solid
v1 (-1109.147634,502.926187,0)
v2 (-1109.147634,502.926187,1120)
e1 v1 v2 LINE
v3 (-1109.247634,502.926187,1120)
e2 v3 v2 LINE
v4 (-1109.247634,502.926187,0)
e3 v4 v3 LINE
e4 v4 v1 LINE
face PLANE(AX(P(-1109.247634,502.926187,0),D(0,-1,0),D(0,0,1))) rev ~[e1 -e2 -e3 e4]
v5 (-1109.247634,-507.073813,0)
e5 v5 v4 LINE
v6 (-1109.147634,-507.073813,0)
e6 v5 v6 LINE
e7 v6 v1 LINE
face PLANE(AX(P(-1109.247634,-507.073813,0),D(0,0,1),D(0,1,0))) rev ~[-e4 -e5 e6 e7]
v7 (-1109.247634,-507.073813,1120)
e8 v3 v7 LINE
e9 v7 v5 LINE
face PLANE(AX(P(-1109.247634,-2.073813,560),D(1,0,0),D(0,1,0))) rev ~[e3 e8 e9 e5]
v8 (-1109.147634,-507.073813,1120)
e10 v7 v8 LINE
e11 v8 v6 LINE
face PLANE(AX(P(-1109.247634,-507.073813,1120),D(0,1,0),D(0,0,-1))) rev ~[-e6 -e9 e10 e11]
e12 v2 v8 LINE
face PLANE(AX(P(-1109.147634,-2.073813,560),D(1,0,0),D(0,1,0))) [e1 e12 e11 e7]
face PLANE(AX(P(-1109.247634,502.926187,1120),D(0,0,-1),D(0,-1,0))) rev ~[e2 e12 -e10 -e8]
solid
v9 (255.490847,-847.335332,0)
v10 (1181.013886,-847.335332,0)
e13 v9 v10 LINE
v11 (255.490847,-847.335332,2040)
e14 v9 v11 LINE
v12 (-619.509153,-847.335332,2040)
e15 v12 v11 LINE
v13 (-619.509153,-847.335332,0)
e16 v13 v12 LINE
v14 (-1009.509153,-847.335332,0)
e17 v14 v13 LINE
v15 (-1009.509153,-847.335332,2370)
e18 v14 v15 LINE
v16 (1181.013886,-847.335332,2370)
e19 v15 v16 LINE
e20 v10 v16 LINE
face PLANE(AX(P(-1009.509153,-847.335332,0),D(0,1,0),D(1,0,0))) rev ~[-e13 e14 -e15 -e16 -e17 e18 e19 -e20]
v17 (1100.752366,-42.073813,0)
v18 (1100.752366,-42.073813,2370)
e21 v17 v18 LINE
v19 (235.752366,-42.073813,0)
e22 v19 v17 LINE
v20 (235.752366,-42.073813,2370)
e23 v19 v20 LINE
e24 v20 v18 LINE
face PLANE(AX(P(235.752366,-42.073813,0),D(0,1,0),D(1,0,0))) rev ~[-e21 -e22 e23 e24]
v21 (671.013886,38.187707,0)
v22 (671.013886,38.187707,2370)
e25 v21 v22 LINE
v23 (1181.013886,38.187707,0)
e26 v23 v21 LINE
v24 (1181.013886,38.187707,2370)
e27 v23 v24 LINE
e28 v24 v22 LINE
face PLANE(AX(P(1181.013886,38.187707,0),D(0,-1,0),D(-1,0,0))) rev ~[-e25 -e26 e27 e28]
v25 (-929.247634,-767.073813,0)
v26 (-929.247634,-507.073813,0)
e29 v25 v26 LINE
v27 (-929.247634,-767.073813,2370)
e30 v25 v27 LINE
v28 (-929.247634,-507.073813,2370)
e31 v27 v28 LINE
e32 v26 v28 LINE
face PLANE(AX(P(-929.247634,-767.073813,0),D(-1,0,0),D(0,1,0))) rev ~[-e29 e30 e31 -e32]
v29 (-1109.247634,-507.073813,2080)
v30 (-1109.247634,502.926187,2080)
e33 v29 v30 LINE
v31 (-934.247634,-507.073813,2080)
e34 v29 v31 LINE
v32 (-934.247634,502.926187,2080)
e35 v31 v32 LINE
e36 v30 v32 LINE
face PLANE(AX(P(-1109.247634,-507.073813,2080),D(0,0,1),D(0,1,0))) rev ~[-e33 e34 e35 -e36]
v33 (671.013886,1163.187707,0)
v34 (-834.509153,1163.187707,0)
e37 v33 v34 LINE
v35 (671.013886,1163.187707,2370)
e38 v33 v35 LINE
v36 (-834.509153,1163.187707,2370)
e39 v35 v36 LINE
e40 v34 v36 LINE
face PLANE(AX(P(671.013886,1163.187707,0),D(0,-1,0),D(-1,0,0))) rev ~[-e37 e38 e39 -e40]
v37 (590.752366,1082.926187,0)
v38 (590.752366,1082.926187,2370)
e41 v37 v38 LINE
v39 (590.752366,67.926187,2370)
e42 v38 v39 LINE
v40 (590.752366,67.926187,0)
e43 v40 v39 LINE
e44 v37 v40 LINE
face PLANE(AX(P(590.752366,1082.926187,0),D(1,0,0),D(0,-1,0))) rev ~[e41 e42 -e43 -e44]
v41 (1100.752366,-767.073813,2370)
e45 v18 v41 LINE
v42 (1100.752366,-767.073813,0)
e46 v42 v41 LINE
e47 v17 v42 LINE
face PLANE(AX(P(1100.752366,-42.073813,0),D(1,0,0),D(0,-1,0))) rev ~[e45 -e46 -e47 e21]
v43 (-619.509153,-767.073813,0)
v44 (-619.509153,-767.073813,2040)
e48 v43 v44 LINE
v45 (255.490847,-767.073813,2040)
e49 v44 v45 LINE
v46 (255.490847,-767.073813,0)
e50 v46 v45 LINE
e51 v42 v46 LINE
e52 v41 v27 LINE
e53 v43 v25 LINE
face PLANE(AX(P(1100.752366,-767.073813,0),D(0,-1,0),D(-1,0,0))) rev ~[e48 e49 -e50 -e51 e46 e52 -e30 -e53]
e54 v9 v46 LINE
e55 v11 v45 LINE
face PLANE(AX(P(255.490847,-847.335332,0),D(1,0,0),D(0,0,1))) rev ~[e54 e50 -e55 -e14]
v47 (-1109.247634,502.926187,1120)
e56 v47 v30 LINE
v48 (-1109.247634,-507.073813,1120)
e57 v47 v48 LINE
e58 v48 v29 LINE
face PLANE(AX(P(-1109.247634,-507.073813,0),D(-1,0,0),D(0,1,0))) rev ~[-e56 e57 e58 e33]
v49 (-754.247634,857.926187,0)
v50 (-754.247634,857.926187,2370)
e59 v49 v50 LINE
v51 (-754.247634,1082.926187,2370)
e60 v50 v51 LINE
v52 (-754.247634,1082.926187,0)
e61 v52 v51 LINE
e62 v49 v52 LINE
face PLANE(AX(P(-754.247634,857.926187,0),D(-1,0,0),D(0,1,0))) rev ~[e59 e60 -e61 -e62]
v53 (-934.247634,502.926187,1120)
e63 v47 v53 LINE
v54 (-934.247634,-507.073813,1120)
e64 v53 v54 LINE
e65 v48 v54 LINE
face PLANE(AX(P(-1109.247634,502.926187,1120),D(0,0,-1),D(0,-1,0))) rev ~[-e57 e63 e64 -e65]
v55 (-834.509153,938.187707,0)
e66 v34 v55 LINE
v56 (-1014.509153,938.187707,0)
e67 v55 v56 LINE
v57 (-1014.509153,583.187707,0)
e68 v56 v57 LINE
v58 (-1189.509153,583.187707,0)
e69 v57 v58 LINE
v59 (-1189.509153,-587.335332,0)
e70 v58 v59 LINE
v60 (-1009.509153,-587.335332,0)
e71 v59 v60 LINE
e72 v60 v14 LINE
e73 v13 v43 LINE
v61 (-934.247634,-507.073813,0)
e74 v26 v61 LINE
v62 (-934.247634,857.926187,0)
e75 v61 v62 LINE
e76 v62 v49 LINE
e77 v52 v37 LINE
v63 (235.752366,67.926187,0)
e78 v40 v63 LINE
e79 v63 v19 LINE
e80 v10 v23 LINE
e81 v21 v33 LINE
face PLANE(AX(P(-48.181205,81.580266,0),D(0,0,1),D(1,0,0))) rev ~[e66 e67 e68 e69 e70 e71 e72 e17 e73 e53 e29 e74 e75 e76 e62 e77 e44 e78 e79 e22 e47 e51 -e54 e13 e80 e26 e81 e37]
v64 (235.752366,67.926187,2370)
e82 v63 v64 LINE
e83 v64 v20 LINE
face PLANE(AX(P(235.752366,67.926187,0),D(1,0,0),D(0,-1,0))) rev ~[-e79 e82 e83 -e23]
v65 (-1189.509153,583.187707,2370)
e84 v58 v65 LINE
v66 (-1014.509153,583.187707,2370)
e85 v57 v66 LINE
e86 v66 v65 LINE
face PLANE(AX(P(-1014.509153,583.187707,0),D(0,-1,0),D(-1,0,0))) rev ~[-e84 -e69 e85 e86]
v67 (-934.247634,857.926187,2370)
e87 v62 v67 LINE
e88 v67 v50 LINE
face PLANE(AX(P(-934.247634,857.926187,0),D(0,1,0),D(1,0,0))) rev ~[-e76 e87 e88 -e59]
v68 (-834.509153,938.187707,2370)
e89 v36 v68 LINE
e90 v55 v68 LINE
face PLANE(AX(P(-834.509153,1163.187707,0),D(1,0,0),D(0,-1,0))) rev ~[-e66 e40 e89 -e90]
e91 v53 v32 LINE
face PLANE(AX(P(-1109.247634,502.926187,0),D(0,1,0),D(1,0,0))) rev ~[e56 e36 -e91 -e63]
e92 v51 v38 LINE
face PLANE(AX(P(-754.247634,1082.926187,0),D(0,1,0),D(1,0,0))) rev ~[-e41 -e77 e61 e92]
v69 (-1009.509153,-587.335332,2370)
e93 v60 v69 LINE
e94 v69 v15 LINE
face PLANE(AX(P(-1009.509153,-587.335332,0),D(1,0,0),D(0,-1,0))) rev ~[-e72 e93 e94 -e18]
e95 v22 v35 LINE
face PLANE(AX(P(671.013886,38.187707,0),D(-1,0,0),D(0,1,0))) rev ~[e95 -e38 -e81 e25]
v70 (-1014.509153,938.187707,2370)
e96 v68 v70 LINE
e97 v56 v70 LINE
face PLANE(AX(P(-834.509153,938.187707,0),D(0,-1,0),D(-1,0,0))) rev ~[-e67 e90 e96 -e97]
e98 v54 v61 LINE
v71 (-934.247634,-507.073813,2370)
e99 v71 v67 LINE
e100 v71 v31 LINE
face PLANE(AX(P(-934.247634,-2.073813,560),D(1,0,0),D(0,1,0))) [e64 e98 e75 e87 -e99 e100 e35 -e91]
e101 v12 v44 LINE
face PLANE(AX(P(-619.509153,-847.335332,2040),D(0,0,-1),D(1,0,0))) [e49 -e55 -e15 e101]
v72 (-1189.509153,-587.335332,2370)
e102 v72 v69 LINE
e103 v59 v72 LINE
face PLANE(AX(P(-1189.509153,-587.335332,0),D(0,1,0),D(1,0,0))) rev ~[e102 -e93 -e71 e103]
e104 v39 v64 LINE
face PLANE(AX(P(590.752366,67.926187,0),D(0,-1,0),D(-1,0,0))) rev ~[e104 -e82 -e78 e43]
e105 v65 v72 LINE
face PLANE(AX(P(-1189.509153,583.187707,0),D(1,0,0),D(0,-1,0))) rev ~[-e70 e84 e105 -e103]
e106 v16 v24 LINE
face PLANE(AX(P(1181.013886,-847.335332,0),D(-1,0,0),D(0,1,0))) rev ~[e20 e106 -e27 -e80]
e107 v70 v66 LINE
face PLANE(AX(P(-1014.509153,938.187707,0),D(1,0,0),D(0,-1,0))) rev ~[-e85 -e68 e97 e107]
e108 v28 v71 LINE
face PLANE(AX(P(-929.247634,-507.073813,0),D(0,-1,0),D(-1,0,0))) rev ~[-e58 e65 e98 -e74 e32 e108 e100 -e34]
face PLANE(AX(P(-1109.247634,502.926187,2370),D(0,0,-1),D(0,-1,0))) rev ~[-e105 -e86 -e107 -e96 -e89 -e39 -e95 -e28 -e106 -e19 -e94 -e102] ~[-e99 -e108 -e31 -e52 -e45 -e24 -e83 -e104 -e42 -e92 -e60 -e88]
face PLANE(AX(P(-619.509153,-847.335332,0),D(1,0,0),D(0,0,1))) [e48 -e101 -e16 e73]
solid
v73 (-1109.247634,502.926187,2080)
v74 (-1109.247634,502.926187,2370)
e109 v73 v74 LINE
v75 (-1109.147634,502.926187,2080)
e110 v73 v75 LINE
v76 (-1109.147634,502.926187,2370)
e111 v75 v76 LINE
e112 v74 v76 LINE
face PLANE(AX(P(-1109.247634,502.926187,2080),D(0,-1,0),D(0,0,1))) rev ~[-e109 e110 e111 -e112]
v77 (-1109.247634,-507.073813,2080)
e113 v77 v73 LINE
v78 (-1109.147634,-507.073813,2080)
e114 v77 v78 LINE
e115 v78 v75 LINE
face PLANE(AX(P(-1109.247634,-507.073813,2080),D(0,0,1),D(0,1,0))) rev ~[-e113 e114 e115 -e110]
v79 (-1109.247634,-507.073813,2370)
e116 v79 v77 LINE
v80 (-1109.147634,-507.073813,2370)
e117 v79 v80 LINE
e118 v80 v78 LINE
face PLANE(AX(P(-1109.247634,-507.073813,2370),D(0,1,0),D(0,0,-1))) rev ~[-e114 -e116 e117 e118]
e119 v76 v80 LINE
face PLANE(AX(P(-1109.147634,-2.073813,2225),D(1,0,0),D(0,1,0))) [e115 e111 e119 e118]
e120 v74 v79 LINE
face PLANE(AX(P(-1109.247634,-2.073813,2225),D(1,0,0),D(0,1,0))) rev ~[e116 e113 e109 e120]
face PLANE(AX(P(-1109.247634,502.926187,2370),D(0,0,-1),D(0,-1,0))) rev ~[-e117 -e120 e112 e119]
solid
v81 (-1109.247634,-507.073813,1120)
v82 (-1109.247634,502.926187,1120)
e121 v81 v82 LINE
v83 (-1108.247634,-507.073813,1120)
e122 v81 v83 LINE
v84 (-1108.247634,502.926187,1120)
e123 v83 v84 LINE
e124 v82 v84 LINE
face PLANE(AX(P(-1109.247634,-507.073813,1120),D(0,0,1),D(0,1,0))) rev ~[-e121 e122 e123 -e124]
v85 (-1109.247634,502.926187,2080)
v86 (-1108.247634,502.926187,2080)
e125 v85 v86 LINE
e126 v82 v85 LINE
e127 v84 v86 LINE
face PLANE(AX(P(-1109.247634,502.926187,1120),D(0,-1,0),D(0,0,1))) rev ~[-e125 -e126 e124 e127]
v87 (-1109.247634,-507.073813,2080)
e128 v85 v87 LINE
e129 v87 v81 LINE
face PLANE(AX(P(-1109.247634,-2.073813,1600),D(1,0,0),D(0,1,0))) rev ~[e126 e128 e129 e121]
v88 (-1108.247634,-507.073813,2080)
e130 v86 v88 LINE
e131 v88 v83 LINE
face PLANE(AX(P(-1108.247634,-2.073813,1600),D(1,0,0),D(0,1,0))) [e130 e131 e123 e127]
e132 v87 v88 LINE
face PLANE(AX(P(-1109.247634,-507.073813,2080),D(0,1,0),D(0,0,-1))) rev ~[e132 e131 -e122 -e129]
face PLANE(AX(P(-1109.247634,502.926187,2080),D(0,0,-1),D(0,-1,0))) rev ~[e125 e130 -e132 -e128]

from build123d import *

# Parameters (mm, degrees)
F1_DEPTH = 2370
F2_W     = 875
F2_H     = 2040
F3_DEPTH = 80.2615196258
F5_DEPTH = 175
F6_DEPTH = 175
F7_DEPTH = 0.1
F8_DEPTH = 1


with BuildPart() as f1:
    # F0 (on Top) → F1 (new body)
    with BuildSketch(Plane.XY):
        Polygon((-1014.5091533661, 938.1877069533), (-1014.5091533661, 583.1877069533), (-1189.5091533661, 583.1877069533), (-1189.5091533661, -587.3353322983), (-1009.5091533661, -587.3353322983), (-1009.5091533661, -847.3353322983), (1181.0138858855, -847.3353322983), (1181.0138858855, 38.1877069533), (671.0138858855, 38.1877069533), (671.0138858855, 1163.1877069533), (-834.5091533661, 1163.1877069533), (-834.5091533661, 938.1877069533), align=None)
        Polygon((1100.7523662597, -42.0738126725), (1100.7523662597, -767.0738126725), (-929.2476337403, -767.0738126725), (-929.2476337403, -507.0738126725), (-1109.2476337403, -507.0738126725), (-1109.2476337403, 502.9261873275), (-934.2476337403, 502.9261873275), (-934.2476337403, 857.9261873275), (-754.2476337403, 857.9261873275), (-754.2476337403, 1082.9261873275), (590.7523662597, 1082.9261873275), (590.7523662597, 67.9261873275), (235.7523662597, 67.9261873275), (235.7523662597, -42.0738126725), align=None, mode=Mode.SUBTRACT)
    extrude(amount=F1_DEPTH)

    # F2 (on face) → F3 (cut, through all)
    with BuildSketch(Plane.XZ.offset(847.3353322983)):
        with Locations((-182.0091533661, 1020)):
            Rectangle(F2_W, F2_H)
    extrude(amount=-F3_DEPTH, mode=Mode.SUBTRACT)

    # F4 (on face) → F5 (join, through all)
    with BuildSketch(Plane.YZ.offset(-1109.2476337403)):
        Polygon((0, 2080), (502.9261873275, 2080), (502.9261873275, 2370), (-507.0738126725, 2370), (-507.0738126725, 2080), align=None)
    extrude(amount=F5_DEPTH)

    # F4 (on face) → F6 (join, through all)
    with BuildSketch(Plane.YZ.offset(-1109.2476337403)):
        Polygon((502.9261873275, 0), (502.9261873275, 1120), (-139.1143798828, 1120), (-507.0738126725, 1120), (-507.0738126725, 0), align=None)
    extrude(amount=F6_DEPTH)


with BuildPart() as f7:
    # F4 (on face) → F7 (new body)
    with BuildSketch(Plane.YZ.offset(-1109.2476337403)):
        Polygon((0, 2080), (502.9261873275, 2080), (502.9261873275, 2370), (-507.0738126725, 2370), (-507.0738126725, 2080), align=None)
    extrude(amount=F7_DEPTH)


with BuildPart() as f7b:
    # F4 (on face) → F7, piece 2 (new body)
    with BuildSketch(Plane.YZ.offset(-1109.2476337403)):
        Polygon((502.9261873275, 0), (502.9261873275, 1120), (-139.1143798828, 1120), (-507.0738126725, 1120), (-507.0738126725, 0), align=None)
    extrude(amount=F7_DEPTH)


with BuildPart() as f8:
    # F4 (on face) → F8 (new body)
    with BuildSketch(Plane.YZ.offset(-1109.2476337403)):
        Polygon((502.9261873275, 1120), (502.9261873275, 2080), (0, 2080), (-507.0738126725, 2080), (-507.0738126725, 1120), (-139.1143798828, 1120), align=None)
    extrude(amount=F8_DEPTH)


solid = Compound([f1.part, f7.part, f7b.part, f8.part])
